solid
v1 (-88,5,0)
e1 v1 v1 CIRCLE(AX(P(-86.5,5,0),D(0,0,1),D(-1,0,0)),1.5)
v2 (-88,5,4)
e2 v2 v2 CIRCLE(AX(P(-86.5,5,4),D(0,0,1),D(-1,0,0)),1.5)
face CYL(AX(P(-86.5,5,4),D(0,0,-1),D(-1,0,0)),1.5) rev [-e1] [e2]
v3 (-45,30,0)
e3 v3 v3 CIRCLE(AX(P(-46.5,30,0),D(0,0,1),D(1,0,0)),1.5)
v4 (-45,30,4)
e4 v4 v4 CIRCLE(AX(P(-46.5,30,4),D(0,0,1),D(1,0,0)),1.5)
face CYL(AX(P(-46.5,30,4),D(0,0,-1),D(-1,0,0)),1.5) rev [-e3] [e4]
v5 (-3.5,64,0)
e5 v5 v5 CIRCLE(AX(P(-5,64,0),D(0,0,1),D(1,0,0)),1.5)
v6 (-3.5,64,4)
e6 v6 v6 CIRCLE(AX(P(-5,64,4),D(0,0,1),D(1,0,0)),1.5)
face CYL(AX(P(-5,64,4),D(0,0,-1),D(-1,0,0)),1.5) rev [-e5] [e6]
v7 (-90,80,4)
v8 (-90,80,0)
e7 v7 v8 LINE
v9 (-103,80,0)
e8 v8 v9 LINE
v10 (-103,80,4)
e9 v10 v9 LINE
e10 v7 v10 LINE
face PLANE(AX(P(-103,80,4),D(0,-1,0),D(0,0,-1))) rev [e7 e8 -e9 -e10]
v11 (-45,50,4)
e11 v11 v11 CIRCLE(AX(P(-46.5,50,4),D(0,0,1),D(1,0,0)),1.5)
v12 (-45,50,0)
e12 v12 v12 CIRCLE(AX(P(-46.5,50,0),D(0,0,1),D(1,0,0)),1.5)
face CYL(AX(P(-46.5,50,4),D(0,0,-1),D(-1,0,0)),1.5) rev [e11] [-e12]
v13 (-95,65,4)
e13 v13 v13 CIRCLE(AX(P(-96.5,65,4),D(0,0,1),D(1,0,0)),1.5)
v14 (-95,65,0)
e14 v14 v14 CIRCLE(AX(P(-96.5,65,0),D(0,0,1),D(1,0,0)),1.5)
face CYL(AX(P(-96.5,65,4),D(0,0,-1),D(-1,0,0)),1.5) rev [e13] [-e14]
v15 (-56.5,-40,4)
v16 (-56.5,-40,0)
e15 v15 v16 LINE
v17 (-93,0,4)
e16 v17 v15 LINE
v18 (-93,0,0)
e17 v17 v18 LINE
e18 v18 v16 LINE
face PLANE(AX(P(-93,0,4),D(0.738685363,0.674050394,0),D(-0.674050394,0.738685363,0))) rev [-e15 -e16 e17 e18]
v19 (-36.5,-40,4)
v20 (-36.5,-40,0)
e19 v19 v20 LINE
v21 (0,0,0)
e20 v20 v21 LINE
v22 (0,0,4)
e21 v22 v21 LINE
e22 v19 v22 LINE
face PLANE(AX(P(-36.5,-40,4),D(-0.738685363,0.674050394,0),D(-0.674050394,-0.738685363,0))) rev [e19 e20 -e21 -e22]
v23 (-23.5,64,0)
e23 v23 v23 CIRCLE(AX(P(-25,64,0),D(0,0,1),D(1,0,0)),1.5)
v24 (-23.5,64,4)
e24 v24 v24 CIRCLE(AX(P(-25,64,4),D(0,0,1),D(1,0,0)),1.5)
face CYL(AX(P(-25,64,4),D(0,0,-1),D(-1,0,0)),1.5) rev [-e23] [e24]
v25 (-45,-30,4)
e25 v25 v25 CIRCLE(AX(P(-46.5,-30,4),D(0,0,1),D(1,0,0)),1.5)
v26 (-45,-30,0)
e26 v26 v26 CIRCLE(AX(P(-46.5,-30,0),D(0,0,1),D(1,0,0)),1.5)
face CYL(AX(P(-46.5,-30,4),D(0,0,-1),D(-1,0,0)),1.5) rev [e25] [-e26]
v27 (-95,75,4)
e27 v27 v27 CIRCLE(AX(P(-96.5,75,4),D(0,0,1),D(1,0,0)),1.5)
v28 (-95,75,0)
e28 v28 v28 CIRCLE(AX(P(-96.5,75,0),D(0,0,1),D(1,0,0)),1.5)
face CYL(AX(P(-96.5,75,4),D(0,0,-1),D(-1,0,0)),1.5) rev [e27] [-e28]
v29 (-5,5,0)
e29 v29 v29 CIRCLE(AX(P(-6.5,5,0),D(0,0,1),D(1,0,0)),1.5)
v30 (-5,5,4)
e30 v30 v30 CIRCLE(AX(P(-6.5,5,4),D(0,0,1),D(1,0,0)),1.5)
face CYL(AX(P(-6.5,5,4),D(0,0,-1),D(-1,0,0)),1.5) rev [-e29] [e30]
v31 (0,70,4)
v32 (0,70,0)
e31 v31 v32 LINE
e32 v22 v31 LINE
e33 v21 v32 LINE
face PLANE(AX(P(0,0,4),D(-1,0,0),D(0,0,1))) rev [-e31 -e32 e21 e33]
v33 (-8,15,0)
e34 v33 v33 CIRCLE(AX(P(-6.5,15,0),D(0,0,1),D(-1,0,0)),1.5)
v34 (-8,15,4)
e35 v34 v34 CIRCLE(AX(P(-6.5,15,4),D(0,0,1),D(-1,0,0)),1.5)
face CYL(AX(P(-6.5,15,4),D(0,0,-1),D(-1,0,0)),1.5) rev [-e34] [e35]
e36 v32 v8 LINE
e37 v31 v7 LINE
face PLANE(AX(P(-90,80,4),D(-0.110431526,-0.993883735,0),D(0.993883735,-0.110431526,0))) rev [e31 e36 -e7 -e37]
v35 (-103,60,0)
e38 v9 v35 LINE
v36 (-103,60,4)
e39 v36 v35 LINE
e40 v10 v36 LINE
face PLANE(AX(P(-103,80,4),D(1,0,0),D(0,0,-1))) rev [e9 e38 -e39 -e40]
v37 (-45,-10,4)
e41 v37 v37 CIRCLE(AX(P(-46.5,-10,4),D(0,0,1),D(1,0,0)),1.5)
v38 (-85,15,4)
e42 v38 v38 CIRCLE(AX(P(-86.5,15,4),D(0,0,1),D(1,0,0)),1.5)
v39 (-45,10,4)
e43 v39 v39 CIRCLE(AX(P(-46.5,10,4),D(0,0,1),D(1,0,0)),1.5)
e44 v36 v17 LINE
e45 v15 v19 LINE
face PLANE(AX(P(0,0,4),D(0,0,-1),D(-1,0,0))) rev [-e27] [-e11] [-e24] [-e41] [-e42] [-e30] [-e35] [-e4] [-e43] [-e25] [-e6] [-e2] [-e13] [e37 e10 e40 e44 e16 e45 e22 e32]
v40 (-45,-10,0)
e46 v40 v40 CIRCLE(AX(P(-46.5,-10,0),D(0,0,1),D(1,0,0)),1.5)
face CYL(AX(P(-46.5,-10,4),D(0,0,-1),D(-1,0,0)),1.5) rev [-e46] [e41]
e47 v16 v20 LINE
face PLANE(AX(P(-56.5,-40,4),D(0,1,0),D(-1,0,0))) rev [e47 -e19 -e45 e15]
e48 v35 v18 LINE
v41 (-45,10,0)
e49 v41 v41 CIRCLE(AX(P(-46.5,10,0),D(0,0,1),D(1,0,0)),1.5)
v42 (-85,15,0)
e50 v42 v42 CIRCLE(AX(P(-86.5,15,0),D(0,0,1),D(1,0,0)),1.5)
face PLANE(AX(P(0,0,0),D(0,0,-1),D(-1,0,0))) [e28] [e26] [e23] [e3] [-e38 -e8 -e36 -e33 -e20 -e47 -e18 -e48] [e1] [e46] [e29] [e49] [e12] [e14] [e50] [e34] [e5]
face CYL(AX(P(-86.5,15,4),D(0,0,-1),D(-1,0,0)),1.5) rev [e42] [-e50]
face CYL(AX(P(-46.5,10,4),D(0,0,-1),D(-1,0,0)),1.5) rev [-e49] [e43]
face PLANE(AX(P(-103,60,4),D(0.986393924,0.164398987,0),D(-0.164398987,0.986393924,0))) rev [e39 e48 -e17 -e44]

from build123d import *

# Parameters (mm, degrees)
SKETCH_1_R      = 1.5
EXTRUDE_1_DEPTH = 4


with BuildPart() as part:
    # 草图1 → 凸台-拉伸1 (new body)
    with BuildSketch(Plane.XY):
        Polygon((0, 0), (0, 70), (-90, 80), (-103, 80), (-103, 60), (-93, 0), (-56.5, -40), (-36.5, -40), align=None)
        with Locations((-86.5, 15)):
            Circle(SKETCH_1_R, mode=Mode.SUBTRACT)
        with Locations(Location((-86.5, 5, 0), (0, 0, 180))):
            Circle(SKETCH_1_R, mode=Mode.SUBTRACT)
        with Locations((-6.5, 5)):
            Circle(SKETCH_1_R, mode=Mode.SUBTRACT)
        with Locations(Location((-6.5, 15, 0), (0, 0, 180))):
            Circle(SKETCH_1_R, mode=Mode.SUBTRACT)
        with Locations((-96.5, 75)):
            Circle(SKETCH_1_R, mode=Mode.SUBTRACT)
        with Locations((-96.5, 65)):
            Circle(SKETCH_1_R, mode=Mode.SUBTRACT)
        with Locations((-46.5, 10)):
            Circle(SKETCH_1_R, mode=Mode.SUBTRACT)
        with Locations((-46.5, 30)):
            Circle(SKETCH_1_R, mode=Mode.SUBTRACT)
        with Locations((-46.5, 50)):
            Circle(SKETCH_1_R, mode=Mode.SUBTRACT)
        with Locations((-46.5, -10)):
            Circle(SKETCH_1_R, mode=Mode.SUBTRACT)
        with Locations((-46.5, -30)):
            Circle(SKETCH_1_R, mode=Mode.SUBTRACT)
        with Locations((-5, 64)):
            Circle(SKETCH_1_R, mode=Mode.SUBTRACT)
        with Locations((-25, 64)):
            Circle(SKETCH_1_R, mode=Mode.SUBTRACT)
    extrude(amount=EXTRUDE_1_DEPTH)


solid = part.part
